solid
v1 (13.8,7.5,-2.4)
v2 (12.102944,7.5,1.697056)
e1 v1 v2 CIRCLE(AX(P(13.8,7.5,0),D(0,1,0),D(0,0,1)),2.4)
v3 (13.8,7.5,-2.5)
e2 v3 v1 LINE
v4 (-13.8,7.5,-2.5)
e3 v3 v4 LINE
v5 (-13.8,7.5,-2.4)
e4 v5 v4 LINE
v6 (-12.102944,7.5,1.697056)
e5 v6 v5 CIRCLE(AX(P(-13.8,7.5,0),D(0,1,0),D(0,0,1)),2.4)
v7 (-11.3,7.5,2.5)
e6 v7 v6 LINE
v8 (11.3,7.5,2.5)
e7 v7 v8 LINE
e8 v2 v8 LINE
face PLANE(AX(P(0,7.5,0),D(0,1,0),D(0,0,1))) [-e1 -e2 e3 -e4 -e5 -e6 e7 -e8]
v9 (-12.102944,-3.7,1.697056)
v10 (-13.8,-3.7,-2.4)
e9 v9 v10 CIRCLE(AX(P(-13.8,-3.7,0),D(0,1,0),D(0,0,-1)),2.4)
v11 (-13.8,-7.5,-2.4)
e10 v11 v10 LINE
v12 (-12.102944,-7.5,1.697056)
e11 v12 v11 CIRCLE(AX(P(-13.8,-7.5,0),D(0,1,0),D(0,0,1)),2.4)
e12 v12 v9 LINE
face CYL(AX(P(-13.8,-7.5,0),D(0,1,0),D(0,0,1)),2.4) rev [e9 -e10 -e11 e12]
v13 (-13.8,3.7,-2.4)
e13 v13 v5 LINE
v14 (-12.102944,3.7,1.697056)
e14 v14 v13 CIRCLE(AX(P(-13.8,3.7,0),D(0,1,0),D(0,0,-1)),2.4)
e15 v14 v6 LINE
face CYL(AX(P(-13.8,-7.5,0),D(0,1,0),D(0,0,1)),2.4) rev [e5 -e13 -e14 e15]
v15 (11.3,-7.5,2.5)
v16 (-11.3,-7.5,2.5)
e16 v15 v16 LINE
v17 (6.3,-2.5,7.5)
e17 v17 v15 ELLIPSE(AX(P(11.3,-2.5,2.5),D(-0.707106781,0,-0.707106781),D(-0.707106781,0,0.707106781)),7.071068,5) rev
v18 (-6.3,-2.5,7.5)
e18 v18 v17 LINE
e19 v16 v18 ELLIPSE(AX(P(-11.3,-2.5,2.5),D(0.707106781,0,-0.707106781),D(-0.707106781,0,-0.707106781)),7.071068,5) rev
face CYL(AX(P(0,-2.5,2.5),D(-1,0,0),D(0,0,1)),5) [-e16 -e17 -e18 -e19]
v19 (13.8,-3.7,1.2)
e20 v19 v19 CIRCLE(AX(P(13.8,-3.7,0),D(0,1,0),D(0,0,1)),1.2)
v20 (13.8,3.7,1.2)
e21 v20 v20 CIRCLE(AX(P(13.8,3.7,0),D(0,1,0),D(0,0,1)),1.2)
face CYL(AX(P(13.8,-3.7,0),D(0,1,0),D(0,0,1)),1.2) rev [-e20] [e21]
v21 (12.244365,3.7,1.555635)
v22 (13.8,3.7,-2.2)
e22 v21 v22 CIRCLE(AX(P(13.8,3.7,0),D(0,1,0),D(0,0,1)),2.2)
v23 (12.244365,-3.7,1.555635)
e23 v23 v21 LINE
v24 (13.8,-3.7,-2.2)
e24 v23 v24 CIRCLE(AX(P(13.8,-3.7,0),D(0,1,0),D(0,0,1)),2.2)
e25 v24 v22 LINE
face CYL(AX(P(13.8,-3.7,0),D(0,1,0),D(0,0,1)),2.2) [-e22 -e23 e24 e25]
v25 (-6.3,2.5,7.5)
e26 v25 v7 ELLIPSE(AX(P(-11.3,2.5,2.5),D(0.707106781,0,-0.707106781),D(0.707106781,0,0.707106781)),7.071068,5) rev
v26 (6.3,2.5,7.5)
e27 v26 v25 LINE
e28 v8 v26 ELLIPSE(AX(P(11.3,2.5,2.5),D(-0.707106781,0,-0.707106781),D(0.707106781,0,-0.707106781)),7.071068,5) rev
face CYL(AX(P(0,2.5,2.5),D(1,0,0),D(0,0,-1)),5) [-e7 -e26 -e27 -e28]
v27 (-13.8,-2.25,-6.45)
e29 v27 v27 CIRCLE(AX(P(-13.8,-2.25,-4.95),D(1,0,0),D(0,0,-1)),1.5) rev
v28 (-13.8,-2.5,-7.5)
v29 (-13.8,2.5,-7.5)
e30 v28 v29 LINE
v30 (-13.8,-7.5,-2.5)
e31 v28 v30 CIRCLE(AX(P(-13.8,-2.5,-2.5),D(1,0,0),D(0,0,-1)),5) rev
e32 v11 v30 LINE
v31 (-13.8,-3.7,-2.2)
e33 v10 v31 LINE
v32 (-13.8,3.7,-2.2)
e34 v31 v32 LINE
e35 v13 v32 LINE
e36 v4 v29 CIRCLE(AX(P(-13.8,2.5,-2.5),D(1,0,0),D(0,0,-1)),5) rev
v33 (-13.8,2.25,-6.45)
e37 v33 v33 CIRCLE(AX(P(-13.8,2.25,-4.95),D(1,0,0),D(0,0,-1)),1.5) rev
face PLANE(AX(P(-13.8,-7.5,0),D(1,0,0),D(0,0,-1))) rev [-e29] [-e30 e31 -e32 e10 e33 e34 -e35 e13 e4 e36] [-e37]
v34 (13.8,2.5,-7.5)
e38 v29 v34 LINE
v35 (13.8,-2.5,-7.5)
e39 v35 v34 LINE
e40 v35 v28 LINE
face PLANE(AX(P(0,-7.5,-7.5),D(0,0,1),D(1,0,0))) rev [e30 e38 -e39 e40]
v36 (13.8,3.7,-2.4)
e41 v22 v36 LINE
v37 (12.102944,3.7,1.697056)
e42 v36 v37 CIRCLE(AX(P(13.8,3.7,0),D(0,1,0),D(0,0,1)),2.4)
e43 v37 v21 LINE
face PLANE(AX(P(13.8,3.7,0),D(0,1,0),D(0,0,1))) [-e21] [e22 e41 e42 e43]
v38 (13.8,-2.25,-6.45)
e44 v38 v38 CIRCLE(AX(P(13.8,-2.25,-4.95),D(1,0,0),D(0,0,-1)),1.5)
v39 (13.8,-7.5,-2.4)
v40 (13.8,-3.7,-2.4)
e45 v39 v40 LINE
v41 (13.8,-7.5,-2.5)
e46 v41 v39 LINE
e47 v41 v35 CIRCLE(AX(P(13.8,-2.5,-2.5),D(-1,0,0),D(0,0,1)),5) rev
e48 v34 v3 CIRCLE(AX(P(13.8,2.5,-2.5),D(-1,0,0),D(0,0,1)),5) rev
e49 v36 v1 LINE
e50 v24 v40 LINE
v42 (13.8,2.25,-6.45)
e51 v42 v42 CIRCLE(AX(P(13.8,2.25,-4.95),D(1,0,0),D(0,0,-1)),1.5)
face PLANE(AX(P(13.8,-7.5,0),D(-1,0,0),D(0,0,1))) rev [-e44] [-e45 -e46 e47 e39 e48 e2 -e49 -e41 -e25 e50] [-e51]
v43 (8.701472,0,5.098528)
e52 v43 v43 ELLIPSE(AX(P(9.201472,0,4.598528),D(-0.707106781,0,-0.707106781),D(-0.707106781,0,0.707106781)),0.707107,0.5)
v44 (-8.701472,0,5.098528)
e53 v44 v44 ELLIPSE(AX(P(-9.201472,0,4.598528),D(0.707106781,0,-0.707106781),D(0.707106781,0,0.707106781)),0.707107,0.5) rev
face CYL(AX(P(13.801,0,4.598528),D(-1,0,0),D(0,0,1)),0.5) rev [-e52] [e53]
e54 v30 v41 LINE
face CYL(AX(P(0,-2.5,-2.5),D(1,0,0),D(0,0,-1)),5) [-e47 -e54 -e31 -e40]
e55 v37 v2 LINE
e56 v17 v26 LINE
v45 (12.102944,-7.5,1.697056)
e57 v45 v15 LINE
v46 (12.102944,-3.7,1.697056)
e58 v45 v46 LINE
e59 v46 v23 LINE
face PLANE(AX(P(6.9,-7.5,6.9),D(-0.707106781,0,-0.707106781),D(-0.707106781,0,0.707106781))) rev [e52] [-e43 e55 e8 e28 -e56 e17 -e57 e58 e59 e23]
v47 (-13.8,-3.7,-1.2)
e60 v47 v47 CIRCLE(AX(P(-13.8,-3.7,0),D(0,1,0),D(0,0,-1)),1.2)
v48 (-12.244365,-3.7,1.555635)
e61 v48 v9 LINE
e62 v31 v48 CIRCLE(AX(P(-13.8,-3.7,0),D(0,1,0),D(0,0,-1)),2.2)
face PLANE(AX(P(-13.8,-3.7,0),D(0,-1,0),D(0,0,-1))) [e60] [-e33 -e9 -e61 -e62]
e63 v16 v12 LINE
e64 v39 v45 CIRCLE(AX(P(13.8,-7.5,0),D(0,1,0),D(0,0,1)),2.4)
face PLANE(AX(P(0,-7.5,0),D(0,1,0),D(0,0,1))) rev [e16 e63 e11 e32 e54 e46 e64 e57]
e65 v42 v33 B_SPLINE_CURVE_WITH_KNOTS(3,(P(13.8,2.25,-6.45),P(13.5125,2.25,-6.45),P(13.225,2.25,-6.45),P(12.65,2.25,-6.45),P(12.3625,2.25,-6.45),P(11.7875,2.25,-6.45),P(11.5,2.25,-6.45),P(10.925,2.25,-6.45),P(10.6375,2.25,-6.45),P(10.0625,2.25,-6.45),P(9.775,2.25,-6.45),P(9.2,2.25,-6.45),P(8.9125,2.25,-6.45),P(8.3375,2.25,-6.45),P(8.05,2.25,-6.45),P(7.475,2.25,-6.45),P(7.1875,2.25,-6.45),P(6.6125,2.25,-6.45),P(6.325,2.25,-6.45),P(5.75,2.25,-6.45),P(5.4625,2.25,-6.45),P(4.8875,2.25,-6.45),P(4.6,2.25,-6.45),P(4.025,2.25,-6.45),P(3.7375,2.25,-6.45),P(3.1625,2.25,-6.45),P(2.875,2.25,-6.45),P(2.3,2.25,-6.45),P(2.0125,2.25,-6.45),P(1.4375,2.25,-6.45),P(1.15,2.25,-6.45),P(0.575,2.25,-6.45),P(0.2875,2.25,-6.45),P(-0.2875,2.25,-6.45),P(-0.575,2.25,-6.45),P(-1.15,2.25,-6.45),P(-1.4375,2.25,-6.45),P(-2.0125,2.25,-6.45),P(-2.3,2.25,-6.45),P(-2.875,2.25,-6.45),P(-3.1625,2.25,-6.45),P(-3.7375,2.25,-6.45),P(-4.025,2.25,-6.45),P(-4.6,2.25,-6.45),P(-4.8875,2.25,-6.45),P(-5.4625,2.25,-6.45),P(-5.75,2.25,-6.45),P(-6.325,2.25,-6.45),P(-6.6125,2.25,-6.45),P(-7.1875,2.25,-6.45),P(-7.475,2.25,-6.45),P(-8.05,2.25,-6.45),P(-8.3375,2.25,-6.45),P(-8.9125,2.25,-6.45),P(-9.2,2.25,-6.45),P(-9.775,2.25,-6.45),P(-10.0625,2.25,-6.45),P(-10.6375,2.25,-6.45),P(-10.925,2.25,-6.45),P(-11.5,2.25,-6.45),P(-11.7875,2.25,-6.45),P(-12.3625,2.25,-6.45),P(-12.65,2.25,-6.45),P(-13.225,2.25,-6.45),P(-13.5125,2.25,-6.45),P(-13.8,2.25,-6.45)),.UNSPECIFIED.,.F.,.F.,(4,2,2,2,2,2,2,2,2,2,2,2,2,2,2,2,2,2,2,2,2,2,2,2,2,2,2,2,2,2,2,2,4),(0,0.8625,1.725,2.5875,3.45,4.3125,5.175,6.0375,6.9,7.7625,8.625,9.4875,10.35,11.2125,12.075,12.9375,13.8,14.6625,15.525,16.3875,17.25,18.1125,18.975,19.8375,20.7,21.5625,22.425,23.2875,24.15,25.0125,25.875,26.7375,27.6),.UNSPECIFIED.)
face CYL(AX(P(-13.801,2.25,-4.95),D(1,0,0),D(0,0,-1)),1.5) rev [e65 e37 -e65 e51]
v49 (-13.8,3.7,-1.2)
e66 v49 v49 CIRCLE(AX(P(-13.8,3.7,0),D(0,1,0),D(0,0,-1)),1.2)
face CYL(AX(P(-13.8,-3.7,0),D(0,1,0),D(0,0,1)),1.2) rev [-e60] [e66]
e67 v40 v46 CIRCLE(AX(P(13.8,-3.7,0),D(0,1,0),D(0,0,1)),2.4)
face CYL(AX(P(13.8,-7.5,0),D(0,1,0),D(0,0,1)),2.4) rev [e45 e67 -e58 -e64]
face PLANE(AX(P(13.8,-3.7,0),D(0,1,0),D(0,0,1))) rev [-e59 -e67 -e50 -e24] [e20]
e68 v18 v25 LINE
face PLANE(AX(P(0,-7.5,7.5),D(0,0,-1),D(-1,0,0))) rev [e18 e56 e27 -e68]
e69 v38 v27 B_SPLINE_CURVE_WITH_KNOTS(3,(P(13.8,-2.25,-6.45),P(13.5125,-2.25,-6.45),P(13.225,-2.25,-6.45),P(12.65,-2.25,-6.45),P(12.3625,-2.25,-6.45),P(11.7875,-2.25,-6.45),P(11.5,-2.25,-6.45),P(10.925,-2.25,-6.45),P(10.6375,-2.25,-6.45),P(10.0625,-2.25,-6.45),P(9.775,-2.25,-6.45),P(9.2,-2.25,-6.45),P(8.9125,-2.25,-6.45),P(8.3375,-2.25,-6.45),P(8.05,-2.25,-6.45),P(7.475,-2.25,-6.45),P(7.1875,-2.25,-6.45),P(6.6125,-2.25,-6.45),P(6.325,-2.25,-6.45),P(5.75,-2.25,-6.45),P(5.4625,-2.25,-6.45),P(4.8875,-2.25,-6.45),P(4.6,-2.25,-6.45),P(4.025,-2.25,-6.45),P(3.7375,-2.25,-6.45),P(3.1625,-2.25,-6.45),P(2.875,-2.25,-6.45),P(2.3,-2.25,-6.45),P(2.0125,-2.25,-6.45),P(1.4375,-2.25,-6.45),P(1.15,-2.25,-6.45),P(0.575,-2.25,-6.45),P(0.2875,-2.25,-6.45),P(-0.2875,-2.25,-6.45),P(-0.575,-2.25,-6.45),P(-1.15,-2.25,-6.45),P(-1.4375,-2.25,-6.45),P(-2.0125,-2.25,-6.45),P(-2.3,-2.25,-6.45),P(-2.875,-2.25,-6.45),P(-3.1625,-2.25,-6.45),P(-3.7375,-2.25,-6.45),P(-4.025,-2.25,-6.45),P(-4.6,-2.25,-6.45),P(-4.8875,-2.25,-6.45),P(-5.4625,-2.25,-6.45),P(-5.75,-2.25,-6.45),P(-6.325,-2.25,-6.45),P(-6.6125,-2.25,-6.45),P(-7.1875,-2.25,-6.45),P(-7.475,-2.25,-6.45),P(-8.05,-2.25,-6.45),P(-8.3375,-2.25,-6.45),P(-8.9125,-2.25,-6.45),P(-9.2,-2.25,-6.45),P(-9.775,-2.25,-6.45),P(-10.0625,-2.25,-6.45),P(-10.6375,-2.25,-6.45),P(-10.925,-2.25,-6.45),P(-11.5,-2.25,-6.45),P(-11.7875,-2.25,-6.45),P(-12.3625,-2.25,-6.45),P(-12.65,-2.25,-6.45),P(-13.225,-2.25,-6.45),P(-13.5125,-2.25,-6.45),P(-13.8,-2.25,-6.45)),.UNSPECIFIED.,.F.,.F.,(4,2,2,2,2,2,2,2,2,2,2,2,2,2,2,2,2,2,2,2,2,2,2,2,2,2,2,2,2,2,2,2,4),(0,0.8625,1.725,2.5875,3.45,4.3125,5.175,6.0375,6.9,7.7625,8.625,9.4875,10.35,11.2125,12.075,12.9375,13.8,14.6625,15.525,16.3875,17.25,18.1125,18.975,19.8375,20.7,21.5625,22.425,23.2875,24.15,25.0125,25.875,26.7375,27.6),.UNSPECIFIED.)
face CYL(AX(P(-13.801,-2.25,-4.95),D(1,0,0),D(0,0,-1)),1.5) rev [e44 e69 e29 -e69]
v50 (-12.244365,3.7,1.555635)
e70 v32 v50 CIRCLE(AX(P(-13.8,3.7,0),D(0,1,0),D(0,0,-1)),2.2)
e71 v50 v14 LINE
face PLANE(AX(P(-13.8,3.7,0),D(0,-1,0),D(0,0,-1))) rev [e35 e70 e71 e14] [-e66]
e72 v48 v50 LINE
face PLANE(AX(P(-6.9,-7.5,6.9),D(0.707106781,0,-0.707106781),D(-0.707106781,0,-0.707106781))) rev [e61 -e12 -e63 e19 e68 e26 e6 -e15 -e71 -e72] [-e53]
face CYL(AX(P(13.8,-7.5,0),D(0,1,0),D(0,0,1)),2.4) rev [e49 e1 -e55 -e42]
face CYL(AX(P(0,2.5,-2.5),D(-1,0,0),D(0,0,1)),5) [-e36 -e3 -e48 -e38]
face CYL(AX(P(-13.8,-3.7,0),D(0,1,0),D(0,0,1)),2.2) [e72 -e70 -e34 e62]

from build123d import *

# Parameters (mm, degrees)
BOSS_EXTRUDE1_DEPTH            = 7.5
BOSS_EXTRUDE1_DEPTH_BACK       = 7.5
CUT_EXTRUDE3_REACH             = 31.568
SKETCH5_R                      = 1.5
FILLET1_R                      = 5
CUT_EXTRUDE2_REACH             = 19.405
SKETCH3_R                      = 0.5
CUT_EXTRUDE2_DIRECTION_2_REACH = 19.405
FILLET2_R                      = 5
BOSS_EXTRUDE2_DEPTH            = 3.7
BOSS_EXTRUDE2_DEPTH_BACK       = 3.7
SKETCH6_R                      = 1.2


with BuildPart() as part:
    # Sketch1 → Boss-Extrude1 (new, two sides: drawn at the far end of the back side and taken through both)
    with BuildSketch(Plane(origin=(0, 0, 0), x_dir=(-1, 0, 0), z_dir=(0, 1, 0)).offset(-BOSS_EXTRUDE1_DEPTH_BACK)):
        with BuildLine():
            Line((6.3, 7.5), (-6.3, 7.5))
            Line((-6.3, 7.5), (-12.102943725, 1.697056275))
            ThreePointArc((-12.102943725, 1.697056275), (-11.582689122, -0.918440238), (-13.8, -2.4))
            Line((-13.8, -2.4), (-13.8, -7.5))
            Line((-13.8, -7.5), (13.8, -7.5))
            Line((13.8, -7.5), (13.8, -2.4))
            ThreePointArc((13.8, -2.4), (11.582689122, -0.918440238), (12.102943725, 1.697056275))
            Line((12.102943725, 1.697056275), (6.3, 7.5))
        make_face()
    extrude(amount=BOSS_EXTRUDE1_DEPTH + BOSS_EXTRUDE1_DEPTH_BACK)

    # Sketch5 → Cut-Extrude3 (cut, up to next)
    with BuildSketch(Plane.YZ.offset(13.8), mode=Mode.PRIVATE) as cut_extrude3_sk1:
        with Locations(Location((-2.25, -4.95, 0), (0, 0, 270))):
            Circle(SKETCH5_R)
    cut_extrude3_tool1 = extrude(cut_extrude3_sk1.sketch, amount=-CUT_EXTRUDE3_REACH, mode=Mode.PRIVATE) & part.part
    # Sketch5 → Cut-Extrude3 (cut, up to next)
    with BuildSketch(Plane.YZ.offset(13.8), mode=Mode.PRIVATE) as cut_extrude3_sk2:
        with Locations(Location((2.25, -4.95, 0), (0, 0, 270))):
            Circle(SKETCH5_R)
    cut_extrude3_tool2 = extrude(cut_extrude3_sk2.sketch, amount=-CUT_EXTRUDE3_REACH, mode=Mode.PRIVATE) & part.part
    add(cut_extrude3_tool1.solids().sort_by_distance((13.8, -2.25, -4.95))[0], mode=Mode.SUBTRACT)
    add(cut_extrude3_tool2.solids().sort_by_distance((13.8, 2.25, -4.95))[0], mode=Mode.SUBTRACT)

    # Fillet1
    fillet1_edges = [part.edges().sort_by_distance(p)[0] for p in [
        (0, -7.5, -7.5),
        (0, 7.5, -7.5),
    ]]
    fillet(fillet1_edges, radius=FILLET1_R)

    # Cut-Extrude2: up to this plane
    cut_extrude2_end = Plane(origin=(-6.9, -7.5, 6.9), z_dir=(0.7071067811865475, 0, -0.7071067811865477))
    # Sketch3 → Cut-Extrude2 (cut, up to the surface)
    with BuildSketch(Plane.YZ, mode=Mode.PRIVATE) as cut_extrude2_sk1:
        with Locations(Location((0, 4.598528137, 0), (0, 0, 90))):
            Circle(SKETCH3_R)
    cut_extrude2_tool1 = split(extrude(cut_extrude2_sk1.sketch, amount=-CUT_EXTRUDE2_REACH, mode=Mode.PRIVATE), bisect_by=cut_extrude2_end, keep=Keep.BOTH, mode=Mode.PRIVATE)
    add(cut_extrude2_tool1.solids().sort_by_distance((0, 0, 4.598528))[0], mode=Mode.SUBTRACT)

    # Cut-Extrude2 direction 2: up to this plane
    cut_extrude2_direction_2_end = Plane(origin=(6.9, -7.5, 6.9), z_dir=(-0.7071067811865475, 0, -0.7071067811865476))
    # Sketch3 → Cut-Extrude2 direction 2 (cut, up to the surface)
    with BuildSketch(Plane.YZ, mode=Mode.PRIVATE) as cut_extrude2_direction_2_sk1:
        with Locations(Location((0, 4.598528137, 0), (0, 0, 90))):
            Circle(SKETCH3_R)
    cut_extrude2_direction_2_tool1 = split(extrude(cut_extrude2_direction_2_sk1.sketch, amount=CUT_EXTRUDE2_DIRECTION_2_REACH, mode=Mode.PRIVATE), bisect_by=cut_extrude2_direction_2_end, keep=Keep.BOTH, mode=Mode.PRIVATE)
    add(cut_extrude2_direction_2_tool1.solids().sort_by_distance((0, 0, 4.598528))[0], mode=Mode.SUBTRACT)

    # Fillet2
    fillet2_edges = [part.edges().sort_by_distance(p)[0] for p in [
        (0, 7.5, 7.5),
        (0, -7.5, 7.5),
    ]]
    fillet(fillet2_edges, radius=FILLET2_R)

    # Sketch6 → Boss-Extrude2 (add, two sides: drawn at the far end of the back side and taken through both)
    # profile 1 of 2: a face of its own
    with BuildSketch(Plane(origin=(0, 0, 0), x_dir=(-1, 0, 0), z_dir=(0, 1, 0)).offset(-BOSS_EXTRUDE2_DEPTH_BACK)):
        with BuildLine():
            Line((-12.102943725, 1.697056275), (-12.244365081, 1.555634919))
            ThreePointArc((-12.244365081, 1.555634919), (-15.832534972, 0.841903551), (-13.8, -2.2))
            Line((-13.8, -2.2), (-13.8, -2.4))
            ThreePointArc((-13.8, -2.4), (-11.582689122, -0.918440238), (-12.102943725, 1.697056275))
        make_face()
        with Locations(Location((-13.8, 0, 0), (0, 0, 90))):
            Circle(SKETCH6_R, mode=Mode.SUBTRACT)
    # profile 2 of 2: a face of its own
    with BuildSketch(Plane(origin=(0, 0, 0), x_dir=(-1, 0, 0), z_dir=(0, 1, 0)).offset(-BOSS_EXTRUDE2_DEPTH_BACK)):
        with BuildLine():
            Line((13.8, -2.4), (13.8, -2.2))
            ThreePointArc((13.8, -2.2), (15.832534972, 0.841903551), (12.244365081, 1.555634919))
            Line((12.244365081, 1.555634919), (12.102943725, 1.697056275))
            ThreePointArc((12.102943725, 1.697056275), (11.582689122, -0.918440238), (13.8, -2.4))
        make_face()
        with Locations(Location((13.8, 0, 0), (0, 0, 270))):
            Circle(SKETCH6_R, mode=Mode.SUBTRACT)
    extrude(amount=BOSS_EXTRUDE2_DEPTH + BOSS_EXTRUDE2_DEPTH_BACK)


solid = part.part
